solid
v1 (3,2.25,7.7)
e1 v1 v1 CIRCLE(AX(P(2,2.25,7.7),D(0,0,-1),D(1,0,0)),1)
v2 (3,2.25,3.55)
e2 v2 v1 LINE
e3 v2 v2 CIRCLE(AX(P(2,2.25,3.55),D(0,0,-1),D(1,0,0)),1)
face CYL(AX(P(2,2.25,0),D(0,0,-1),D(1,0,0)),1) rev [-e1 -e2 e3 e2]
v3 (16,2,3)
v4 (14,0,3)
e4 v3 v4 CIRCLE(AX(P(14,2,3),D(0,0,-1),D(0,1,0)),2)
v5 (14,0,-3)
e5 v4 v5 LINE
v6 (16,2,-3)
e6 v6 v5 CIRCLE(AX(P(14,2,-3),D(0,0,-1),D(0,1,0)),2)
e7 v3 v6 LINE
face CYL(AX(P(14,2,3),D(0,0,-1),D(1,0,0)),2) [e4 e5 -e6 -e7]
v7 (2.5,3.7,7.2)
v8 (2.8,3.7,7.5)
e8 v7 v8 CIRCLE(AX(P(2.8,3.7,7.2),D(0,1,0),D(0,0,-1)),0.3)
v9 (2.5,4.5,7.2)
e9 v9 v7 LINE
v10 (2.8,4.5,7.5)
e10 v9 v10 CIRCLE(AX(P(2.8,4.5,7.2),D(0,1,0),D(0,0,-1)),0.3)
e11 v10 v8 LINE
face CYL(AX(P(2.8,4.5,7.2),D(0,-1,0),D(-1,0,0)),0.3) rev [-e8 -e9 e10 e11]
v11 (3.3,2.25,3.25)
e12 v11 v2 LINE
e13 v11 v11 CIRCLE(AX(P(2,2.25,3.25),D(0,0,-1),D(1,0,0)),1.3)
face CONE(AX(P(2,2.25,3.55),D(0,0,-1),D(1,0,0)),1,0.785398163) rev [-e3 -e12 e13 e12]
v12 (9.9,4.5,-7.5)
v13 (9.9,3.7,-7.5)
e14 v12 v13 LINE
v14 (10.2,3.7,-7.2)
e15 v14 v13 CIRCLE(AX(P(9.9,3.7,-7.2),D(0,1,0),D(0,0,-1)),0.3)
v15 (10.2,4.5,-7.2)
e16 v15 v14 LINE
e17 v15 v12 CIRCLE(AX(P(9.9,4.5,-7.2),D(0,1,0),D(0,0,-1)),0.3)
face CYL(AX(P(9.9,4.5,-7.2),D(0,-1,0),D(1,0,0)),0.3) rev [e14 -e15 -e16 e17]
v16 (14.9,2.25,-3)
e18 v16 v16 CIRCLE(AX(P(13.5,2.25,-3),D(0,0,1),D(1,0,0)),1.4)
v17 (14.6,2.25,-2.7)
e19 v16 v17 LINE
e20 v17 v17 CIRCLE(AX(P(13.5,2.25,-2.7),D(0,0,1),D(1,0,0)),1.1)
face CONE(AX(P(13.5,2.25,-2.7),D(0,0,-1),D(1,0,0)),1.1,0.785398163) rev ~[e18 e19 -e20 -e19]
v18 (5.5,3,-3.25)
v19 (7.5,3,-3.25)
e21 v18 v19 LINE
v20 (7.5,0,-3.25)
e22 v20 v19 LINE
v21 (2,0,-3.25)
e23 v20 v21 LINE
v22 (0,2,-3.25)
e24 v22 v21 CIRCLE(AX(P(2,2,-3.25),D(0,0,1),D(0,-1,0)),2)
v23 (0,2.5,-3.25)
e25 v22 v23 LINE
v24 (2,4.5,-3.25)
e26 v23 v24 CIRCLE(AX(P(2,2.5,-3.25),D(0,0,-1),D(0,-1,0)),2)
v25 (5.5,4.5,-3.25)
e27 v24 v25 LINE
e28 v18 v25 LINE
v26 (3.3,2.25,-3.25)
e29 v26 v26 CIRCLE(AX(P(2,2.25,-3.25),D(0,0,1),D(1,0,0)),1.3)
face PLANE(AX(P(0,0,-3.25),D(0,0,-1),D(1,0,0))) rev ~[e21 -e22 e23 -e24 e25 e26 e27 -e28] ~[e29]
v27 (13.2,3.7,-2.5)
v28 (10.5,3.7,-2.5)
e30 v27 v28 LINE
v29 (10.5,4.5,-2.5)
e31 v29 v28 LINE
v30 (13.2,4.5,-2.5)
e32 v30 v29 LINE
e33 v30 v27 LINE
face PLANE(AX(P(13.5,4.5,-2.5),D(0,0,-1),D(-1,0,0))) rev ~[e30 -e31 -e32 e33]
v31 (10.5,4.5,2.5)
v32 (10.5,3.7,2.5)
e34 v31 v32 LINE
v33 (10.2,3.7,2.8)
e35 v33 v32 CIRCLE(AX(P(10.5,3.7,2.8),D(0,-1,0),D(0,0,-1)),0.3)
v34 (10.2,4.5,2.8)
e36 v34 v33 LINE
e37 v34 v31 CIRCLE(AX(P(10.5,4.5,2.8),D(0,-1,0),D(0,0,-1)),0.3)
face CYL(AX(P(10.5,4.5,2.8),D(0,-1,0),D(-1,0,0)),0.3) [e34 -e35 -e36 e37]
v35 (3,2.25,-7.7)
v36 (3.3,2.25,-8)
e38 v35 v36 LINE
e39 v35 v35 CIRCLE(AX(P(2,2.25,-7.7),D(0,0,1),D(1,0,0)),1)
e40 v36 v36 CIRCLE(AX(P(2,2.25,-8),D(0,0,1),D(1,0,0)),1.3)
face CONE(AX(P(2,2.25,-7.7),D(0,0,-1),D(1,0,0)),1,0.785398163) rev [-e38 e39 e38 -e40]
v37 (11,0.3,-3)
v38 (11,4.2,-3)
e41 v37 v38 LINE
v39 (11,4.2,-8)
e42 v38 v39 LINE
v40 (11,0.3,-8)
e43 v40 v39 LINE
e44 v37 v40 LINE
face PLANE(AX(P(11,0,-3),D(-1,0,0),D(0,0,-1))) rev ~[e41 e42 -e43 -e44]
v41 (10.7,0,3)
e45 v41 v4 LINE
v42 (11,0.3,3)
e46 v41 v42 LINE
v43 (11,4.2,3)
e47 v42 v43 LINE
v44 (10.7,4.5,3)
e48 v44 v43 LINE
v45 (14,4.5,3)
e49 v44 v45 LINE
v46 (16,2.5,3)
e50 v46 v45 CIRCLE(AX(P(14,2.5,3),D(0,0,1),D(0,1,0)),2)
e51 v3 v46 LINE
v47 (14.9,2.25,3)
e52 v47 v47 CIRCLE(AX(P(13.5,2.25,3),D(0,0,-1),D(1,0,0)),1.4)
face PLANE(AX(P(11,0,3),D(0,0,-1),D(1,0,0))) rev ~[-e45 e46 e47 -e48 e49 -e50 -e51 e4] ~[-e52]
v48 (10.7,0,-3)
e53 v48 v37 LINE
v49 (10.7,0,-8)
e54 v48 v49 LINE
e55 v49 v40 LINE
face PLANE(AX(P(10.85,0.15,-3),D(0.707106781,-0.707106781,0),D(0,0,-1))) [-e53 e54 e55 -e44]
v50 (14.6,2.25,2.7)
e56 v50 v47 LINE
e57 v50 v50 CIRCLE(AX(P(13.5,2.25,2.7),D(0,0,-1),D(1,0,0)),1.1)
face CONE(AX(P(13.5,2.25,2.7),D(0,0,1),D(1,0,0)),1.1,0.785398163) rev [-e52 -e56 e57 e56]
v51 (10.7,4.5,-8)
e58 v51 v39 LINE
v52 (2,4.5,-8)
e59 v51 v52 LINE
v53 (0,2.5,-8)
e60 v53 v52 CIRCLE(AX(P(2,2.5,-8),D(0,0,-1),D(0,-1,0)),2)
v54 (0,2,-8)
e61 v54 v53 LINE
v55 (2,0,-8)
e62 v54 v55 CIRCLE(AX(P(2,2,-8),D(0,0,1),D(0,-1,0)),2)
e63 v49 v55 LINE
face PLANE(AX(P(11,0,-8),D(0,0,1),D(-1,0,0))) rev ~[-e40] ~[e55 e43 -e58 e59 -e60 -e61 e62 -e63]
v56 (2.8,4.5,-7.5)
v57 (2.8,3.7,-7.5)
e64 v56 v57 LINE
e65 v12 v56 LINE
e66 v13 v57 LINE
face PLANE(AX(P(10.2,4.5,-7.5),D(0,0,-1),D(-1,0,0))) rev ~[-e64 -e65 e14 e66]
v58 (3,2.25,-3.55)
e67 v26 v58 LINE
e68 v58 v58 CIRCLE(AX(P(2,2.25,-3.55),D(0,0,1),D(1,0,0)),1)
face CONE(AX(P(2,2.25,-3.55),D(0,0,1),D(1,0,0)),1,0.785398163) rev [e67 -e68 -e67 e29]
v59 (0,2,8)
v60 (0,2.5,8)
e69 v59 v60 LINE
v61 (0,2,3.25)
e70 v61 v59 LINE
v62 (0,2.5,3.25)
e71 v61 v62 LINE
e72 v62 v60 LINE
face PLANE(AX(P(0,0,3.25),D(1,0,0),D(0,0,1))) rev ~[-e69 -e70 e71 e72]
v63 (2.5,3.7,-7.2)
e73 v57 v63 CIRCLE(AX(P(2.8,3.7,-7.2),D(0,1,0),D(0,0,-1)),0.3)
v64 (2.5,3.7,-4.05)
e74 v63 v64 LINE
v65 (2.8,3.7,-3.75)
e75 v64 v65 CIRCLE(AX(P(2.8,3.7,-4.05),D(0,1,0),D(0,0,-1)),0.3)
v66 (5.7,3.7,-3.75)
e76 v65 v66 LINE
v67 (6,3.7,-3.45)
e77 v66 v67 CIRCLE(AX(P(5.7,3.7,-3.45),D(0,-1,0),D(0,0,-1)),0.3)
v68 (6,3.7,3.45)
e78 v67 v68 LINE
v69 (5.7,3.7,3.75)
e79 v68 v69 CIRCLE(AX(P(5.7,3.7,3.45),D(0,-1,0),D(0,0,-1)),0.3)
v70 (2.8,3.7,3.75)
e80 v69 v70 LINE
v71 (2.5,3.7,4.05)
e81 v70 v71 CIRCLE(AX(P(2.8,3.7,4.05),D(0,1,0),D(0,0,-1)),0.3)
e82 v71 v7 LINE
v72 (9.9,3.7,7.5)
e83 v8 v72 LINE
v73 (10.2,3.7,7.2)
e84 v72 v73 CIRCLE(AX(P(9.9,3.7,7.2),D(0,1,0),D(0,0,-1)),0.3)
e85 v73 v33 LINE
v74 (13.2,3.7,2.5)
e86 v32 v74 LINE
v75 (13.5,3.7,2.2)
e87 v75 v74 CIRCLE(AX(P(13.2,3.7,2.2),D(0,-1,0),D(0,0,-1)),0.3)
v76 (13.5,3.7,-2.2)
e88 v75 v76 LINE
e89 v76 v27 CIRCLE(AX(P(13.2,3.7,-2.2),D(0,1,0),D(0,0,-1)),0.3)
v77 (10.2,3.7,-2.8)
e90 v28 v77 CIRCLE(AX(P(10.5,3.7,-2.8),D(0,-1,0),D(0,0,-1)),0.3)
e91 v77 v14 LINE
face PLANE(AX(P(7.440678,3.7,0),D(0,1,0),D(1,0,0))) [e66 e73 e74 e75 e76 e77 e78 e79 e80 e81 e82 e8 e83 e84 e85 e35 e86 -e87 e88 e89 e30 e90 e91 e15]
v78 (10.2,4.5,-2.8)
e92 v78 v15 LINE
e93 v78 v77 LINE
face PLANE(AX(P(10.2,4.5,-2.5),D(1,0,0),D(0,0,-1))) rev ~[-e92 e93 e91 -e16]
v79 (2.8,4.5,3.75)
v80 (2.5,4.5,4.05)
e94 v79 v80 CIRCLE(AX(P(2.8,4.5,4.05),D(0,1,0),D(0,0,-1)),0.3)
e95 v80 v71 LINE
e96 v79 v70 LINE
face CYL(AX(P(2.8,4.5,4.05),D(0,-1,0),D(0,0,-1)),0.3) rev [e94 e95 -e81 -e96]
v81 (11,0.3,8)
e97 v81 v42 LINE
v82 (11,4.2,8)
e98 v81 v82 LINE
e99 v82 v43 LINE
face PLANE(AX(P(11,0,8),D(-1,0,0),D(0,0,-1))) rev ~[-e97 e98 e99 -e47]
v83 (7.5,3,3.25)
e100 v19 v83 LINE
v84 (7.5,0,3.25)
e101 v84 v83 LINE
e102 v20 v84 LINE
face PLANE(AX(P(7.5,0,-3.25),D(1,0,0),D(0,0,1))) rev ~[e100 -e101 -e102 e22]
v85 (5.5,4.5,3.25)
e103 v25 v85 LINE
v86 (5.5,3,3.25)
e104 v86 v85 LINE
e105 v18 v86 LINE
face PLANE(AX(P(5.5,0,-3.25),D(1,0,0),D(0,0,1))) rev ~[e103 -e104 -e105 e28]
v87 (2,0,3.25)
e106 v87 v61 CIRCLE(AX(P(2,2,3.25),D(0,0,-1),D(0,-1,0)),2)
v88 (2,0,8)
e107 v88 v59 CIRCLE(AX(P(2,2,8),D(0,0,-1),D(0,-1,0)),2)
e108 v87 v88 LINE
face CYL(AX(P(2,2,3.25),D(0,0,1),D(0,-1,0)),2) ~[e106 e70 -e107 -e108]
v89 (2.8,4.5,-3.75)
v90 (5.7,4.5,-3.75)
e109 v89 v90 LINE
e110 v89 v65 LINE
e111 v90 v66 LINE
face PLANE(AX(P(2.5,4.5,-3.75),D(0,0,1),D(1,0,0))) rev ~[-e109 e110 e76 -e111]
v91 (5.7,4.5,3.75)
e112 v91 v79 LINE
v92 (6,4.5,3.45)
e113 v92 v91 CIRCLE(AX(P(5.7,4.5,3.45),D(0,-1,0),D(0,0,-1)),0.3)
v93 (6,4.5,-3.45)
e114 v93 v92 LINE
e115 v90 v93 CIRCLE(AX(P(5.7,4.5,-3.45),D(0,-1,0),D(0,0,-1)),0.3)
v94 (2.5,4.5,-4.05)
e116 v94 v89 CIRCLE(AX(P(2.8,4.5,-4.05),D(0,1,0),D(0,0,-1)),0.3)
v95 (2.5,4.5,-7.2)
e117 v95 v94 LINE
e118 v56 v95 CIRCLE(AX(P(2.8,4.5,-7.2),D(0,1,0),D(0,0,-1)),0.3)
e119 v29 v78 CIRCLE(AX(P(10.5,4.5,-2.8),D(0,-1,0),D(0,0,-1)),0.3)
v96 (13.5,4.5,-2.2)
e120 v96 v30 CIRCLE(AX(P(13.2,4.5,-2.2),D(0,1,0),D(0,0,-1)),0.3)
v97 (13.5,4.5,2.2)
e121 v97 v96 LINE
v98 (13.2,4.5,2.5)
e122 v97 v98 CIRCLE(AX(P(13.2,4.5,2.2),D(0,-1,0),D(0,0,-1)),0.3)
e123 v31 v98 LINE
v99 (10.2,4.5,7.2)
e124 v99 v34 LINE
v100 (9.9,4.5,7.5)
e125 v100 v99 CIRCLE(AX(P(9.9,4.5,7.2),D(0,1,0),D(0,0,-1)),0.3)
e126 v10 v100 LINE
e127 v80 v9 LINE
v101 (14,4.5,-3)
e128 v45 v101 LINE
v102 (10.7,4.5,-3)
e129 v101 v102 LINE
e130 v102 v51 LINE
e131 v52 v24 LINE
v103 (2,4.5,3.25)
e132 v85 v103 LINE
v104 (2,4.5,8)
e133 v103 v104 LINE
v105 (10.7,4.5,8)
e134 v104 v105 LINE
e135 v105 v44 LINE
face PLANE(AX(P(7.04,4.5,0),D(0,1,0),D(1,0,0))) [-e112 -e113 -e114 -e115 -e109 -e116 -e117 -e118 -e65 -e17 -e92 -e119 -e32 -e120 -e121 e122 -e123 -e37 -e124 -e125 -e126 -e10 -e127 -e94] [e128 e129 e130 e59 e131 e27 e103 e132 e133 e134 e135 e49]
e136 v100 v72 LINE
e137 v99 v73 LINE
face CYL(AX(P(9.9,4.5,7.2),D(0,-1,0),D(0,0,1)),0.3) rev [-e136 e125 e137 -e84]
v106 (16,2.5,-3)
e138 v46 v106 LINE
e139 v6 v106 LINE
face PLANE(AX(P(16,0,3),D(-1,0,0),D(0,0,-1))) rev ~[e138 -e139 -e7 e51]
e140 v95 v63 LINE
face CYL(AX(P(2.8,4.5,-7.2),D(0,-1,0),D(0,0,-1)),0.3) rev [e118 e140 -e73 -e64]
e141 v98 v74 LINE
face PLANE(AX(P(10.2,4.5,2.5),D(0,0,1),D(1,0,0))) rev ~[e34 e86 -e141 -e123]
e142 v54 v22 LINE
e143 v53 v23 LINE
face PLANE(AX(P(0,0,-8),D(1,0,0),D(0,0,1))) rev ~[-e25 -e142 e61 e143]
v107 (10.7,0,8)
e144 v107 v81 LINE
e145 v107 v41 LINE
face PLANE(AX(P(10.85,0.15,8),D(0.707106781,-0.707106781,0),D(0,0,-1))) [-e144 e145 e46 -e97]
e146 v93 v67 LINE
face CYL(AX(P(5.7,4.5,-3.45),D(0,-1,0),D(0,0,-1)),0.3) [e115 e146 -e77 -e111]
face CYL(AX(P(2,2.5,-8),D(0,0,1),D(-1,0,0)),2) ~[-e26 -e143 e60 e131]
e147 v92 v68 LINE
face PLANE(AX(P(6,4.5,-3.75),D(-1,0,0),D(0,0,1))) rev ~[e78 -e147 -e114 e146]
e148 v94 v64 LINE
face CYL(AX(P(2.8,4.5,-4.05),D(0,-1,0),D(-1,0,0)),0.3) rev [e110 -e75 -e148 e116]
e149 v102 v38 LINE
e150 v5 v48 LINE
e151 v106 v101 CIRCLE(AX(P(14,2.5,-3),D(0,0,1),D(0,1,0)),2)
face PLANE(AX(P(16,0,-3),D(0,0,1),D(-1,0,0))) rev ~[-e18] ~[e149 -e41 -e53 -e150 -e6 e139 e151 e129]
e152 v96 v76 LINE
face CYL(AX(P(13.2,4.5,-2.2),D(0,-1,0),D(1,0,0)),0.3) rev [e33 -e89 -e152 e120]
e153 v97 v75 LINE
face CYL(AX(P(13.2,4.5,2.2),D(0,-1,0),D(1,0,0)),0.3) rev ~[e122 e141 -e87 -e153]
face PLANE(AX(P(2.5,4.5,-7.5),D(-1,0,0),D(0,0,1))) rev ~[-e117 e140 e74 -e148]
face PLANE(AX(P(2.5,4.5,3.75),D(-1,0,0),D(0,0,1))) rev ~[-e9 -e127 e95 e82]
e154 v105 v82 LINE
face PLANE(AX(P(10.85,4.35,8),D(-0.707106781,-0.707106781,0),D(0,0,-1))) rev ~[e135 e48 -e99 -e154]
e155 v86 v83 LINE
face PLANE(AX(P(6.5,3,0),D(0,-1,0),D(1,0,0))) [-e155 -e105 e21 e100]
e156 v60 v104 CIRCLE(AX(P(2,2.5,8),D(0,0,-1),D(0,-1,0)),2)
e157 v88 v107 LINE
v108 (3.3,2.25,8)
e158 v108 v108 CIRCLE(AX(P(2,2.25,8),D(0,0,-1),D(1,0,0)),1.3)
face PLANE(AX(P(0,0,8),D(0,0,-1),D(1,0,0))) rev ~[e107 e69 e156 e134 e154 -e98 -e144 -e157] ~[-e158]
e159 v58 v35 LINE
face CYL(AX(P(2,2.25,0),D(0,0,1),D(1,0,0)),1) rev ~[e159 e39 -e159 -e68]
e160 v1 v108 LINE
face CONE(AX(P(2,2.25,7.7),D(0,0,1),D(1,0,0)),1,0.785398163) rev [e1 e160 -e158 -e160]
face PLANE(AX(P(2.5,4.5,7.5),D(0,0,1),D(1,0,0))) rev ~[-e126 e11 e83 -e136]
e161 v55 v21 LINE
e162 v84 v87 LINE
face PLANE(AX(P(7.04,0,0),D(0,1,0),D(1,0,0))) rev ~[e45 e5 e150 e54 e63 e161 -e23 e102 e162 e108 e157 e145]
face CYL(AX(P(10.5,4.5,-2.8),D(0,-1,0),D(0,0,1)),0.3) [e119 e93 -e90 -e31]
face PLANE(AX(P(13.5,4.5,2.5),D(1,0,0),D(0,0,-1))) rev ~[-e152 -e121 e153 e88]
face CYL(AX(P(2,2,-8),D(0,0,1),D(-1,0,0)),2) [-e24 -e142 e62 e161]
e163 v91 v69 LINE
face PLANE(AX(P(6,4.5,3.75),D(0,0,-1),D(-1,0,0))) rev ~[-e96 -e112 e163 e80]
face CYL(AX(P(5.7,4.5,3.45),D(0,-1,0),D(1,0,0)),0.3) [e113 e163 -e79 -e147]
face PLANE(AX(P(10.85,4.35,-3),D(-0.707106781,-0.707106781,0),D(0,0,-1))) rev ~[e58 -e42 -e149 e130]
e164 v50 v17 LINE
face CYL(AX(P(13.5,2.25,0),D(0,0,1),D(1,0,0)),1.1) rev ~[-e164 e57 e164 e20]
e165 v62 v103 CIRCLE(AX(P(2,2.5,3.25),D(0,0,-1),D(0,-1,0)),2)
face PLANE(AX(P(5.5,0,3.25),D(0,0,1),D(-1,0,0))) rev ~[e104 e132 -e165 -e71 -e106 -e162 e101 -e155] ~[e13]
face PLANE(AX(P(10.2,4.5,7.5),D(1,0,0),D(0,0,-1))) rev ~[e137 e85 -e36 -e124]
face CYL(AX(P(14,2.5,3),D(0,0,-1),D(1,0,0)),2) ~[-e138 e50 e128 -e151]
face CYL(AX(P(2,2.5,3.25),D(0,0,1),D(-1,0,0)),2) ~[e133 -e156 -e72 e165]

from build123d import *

# Parameters (mm, degrees)
GRUNDK_RPER_DEPTH         = 4.5
SKIZZE2_R                 = 1
SKIZZE2_R_2               = 1.1
ACHSBOHHRUNGEN_DEPTH      = 9
ACHSBOHHRUNGEN_DEPTH_BACK = 9
SKIZZE3_W                 = 2
SKIZZE3_H                 = 6.5
AUSSCHNITT_ZAHN_DEPTH     = 3
VERRUNDUNG2_R             = 2
FASE1_SIZE                = 0.3
FASE2_SIZE                = 0.3
MOOSGUMMIVERTIEFUNG_DEPTH = 0.8
VERRUNDUNG8_R             = 0.3


with BuildPart() as part:
    # Skizze1 → Grundkörper (new body)
    with BuildSketch(Plane(origin=(0, 0, 0), x_dir=(1, 0, 0), z_dir=(0, 1, 0))):
        Polygon((5.5, 3.25), (5.5, -3.25), (0, -3.25), (0, -8), (11, -8), (11, -3), (16, -3), (16, 3), (11, 3), (11, 8), (0, 8), (0, 3.25), align=None)
    extrude(amount=GRUNDK_RPER_DEPTH)

    # Skizze2 → Achsbohhrungen (cut, two sides)
    with BuildSketch(Plane.XY) as achsbohhrungen_sk:
        with Locations((2, 2.25)):
            Circle(SKIZZE2_R)
        with Locations((13.5, 2.25)):
            Circle(SKIZZE2_R_2)
    extrude(amount=ACHSBOHHRUNGEN_DEPTH, mode=Mode.SUBTRACT)
    extrude(achsbohhrungen_sk.sketch, amount=-ACHSBOHHRUNGEN_DEPTH_BACK, mode=Mode.SUBTRACT)

    # Skizze3 → Ausschnitt Zahn (cut)
    with BuildSketch(Plane.XZ):
        with Locations((6.5, 0)):
            Rectangle(SKIZZE3_W, SKIZZE3_H)
    extrude(amount=-AUSSCHNITT_ZAHN_DEPTH, mode=Mode.SUBTRACT)

    # Verrundung2
    verrundung2_edges = [part.edges().sort_by_distance(p)[0] for p in [
        (0, 0, -5.625),
        (16, 0, 0),
        (0, 0, 5.625),
        (16, 4.5, 0),
        (0, 4.5, -5.625),
        (0, 4.5, 5.625),
    ]]
    fillet(verrundung2_edges, radius=VERRUNDUNG2_R)

    # Fase1
    fase1_edges = [part.edges().sort_by_distance(p)[0] for p in [
        (11, 0, -5.5),
        (11, 4.5, 5.5),
        (11, 0, 5.5),
        (11, 4.5, -5.5),
    ]]
    chamfer(fase1_edges, length=FASE1_SIZE)

    # Fase2
    fase2_edges = [part.edges().sort_by_distance(p)[0] for p in [
        (1, 2.25, 3.25),
        (1, 2.25, -8),
        (1, 2.25, -3.25),
        (1, 2.25, 8),
        (12.4, 2.25, -3),
        (12.4, 2.25, 3),
    ]]
    chamfer(fase2_edges, length=FASE2_SIZE)

    # Skizze6 → MoosgummiVertiefung (cut)
    with BuildSketch(Plane(origin=(0, 4.5, 0), x_dir=(1, 0, 0), z_dir=(0, 1, 0))):
        Polygon((13.5, -2.5), (13.5, 2.5), (10.2, 2.5), (10.2, 7.5), (2.5, 7.5), (2.5, 3.75), (6, 3.75), (6, -3.75), (2.5, -3.75), (2.5, -7.5), (10.2, -7.5), (10.2, -2.5), align=None)
    extrude(amount=-MOOSGUMMIVERTIEFUNG_DEPTH, mode=Mode.SUBTRACT)

    # Verrundung8
    verrundung8_edges = [part.edges().sort_by_distance(p)[0] for p in [
        (13.5, 4.1, 2.5),
        (10.2, 4.1, 2.5),
        (10.2, 4.1, 7.5),
        (2.5, 4.1, 7.5),
        (2.5, 4.1, 3.75),
        (6, 4.1, 3.75),
        (6, 4.1, -3.75),
        (2.5, 4.1, -3.75),
        (2.5, 4.1, -7.5),
        (10.2, 4.1, -7.5),
        (10.2, 4.1, -2.5),
        (13.5, 4.1, -2.5),
    ]]
    fillet(verrundung8_edges, radius=VERRUNDUNG8_R)


solid = part.part
